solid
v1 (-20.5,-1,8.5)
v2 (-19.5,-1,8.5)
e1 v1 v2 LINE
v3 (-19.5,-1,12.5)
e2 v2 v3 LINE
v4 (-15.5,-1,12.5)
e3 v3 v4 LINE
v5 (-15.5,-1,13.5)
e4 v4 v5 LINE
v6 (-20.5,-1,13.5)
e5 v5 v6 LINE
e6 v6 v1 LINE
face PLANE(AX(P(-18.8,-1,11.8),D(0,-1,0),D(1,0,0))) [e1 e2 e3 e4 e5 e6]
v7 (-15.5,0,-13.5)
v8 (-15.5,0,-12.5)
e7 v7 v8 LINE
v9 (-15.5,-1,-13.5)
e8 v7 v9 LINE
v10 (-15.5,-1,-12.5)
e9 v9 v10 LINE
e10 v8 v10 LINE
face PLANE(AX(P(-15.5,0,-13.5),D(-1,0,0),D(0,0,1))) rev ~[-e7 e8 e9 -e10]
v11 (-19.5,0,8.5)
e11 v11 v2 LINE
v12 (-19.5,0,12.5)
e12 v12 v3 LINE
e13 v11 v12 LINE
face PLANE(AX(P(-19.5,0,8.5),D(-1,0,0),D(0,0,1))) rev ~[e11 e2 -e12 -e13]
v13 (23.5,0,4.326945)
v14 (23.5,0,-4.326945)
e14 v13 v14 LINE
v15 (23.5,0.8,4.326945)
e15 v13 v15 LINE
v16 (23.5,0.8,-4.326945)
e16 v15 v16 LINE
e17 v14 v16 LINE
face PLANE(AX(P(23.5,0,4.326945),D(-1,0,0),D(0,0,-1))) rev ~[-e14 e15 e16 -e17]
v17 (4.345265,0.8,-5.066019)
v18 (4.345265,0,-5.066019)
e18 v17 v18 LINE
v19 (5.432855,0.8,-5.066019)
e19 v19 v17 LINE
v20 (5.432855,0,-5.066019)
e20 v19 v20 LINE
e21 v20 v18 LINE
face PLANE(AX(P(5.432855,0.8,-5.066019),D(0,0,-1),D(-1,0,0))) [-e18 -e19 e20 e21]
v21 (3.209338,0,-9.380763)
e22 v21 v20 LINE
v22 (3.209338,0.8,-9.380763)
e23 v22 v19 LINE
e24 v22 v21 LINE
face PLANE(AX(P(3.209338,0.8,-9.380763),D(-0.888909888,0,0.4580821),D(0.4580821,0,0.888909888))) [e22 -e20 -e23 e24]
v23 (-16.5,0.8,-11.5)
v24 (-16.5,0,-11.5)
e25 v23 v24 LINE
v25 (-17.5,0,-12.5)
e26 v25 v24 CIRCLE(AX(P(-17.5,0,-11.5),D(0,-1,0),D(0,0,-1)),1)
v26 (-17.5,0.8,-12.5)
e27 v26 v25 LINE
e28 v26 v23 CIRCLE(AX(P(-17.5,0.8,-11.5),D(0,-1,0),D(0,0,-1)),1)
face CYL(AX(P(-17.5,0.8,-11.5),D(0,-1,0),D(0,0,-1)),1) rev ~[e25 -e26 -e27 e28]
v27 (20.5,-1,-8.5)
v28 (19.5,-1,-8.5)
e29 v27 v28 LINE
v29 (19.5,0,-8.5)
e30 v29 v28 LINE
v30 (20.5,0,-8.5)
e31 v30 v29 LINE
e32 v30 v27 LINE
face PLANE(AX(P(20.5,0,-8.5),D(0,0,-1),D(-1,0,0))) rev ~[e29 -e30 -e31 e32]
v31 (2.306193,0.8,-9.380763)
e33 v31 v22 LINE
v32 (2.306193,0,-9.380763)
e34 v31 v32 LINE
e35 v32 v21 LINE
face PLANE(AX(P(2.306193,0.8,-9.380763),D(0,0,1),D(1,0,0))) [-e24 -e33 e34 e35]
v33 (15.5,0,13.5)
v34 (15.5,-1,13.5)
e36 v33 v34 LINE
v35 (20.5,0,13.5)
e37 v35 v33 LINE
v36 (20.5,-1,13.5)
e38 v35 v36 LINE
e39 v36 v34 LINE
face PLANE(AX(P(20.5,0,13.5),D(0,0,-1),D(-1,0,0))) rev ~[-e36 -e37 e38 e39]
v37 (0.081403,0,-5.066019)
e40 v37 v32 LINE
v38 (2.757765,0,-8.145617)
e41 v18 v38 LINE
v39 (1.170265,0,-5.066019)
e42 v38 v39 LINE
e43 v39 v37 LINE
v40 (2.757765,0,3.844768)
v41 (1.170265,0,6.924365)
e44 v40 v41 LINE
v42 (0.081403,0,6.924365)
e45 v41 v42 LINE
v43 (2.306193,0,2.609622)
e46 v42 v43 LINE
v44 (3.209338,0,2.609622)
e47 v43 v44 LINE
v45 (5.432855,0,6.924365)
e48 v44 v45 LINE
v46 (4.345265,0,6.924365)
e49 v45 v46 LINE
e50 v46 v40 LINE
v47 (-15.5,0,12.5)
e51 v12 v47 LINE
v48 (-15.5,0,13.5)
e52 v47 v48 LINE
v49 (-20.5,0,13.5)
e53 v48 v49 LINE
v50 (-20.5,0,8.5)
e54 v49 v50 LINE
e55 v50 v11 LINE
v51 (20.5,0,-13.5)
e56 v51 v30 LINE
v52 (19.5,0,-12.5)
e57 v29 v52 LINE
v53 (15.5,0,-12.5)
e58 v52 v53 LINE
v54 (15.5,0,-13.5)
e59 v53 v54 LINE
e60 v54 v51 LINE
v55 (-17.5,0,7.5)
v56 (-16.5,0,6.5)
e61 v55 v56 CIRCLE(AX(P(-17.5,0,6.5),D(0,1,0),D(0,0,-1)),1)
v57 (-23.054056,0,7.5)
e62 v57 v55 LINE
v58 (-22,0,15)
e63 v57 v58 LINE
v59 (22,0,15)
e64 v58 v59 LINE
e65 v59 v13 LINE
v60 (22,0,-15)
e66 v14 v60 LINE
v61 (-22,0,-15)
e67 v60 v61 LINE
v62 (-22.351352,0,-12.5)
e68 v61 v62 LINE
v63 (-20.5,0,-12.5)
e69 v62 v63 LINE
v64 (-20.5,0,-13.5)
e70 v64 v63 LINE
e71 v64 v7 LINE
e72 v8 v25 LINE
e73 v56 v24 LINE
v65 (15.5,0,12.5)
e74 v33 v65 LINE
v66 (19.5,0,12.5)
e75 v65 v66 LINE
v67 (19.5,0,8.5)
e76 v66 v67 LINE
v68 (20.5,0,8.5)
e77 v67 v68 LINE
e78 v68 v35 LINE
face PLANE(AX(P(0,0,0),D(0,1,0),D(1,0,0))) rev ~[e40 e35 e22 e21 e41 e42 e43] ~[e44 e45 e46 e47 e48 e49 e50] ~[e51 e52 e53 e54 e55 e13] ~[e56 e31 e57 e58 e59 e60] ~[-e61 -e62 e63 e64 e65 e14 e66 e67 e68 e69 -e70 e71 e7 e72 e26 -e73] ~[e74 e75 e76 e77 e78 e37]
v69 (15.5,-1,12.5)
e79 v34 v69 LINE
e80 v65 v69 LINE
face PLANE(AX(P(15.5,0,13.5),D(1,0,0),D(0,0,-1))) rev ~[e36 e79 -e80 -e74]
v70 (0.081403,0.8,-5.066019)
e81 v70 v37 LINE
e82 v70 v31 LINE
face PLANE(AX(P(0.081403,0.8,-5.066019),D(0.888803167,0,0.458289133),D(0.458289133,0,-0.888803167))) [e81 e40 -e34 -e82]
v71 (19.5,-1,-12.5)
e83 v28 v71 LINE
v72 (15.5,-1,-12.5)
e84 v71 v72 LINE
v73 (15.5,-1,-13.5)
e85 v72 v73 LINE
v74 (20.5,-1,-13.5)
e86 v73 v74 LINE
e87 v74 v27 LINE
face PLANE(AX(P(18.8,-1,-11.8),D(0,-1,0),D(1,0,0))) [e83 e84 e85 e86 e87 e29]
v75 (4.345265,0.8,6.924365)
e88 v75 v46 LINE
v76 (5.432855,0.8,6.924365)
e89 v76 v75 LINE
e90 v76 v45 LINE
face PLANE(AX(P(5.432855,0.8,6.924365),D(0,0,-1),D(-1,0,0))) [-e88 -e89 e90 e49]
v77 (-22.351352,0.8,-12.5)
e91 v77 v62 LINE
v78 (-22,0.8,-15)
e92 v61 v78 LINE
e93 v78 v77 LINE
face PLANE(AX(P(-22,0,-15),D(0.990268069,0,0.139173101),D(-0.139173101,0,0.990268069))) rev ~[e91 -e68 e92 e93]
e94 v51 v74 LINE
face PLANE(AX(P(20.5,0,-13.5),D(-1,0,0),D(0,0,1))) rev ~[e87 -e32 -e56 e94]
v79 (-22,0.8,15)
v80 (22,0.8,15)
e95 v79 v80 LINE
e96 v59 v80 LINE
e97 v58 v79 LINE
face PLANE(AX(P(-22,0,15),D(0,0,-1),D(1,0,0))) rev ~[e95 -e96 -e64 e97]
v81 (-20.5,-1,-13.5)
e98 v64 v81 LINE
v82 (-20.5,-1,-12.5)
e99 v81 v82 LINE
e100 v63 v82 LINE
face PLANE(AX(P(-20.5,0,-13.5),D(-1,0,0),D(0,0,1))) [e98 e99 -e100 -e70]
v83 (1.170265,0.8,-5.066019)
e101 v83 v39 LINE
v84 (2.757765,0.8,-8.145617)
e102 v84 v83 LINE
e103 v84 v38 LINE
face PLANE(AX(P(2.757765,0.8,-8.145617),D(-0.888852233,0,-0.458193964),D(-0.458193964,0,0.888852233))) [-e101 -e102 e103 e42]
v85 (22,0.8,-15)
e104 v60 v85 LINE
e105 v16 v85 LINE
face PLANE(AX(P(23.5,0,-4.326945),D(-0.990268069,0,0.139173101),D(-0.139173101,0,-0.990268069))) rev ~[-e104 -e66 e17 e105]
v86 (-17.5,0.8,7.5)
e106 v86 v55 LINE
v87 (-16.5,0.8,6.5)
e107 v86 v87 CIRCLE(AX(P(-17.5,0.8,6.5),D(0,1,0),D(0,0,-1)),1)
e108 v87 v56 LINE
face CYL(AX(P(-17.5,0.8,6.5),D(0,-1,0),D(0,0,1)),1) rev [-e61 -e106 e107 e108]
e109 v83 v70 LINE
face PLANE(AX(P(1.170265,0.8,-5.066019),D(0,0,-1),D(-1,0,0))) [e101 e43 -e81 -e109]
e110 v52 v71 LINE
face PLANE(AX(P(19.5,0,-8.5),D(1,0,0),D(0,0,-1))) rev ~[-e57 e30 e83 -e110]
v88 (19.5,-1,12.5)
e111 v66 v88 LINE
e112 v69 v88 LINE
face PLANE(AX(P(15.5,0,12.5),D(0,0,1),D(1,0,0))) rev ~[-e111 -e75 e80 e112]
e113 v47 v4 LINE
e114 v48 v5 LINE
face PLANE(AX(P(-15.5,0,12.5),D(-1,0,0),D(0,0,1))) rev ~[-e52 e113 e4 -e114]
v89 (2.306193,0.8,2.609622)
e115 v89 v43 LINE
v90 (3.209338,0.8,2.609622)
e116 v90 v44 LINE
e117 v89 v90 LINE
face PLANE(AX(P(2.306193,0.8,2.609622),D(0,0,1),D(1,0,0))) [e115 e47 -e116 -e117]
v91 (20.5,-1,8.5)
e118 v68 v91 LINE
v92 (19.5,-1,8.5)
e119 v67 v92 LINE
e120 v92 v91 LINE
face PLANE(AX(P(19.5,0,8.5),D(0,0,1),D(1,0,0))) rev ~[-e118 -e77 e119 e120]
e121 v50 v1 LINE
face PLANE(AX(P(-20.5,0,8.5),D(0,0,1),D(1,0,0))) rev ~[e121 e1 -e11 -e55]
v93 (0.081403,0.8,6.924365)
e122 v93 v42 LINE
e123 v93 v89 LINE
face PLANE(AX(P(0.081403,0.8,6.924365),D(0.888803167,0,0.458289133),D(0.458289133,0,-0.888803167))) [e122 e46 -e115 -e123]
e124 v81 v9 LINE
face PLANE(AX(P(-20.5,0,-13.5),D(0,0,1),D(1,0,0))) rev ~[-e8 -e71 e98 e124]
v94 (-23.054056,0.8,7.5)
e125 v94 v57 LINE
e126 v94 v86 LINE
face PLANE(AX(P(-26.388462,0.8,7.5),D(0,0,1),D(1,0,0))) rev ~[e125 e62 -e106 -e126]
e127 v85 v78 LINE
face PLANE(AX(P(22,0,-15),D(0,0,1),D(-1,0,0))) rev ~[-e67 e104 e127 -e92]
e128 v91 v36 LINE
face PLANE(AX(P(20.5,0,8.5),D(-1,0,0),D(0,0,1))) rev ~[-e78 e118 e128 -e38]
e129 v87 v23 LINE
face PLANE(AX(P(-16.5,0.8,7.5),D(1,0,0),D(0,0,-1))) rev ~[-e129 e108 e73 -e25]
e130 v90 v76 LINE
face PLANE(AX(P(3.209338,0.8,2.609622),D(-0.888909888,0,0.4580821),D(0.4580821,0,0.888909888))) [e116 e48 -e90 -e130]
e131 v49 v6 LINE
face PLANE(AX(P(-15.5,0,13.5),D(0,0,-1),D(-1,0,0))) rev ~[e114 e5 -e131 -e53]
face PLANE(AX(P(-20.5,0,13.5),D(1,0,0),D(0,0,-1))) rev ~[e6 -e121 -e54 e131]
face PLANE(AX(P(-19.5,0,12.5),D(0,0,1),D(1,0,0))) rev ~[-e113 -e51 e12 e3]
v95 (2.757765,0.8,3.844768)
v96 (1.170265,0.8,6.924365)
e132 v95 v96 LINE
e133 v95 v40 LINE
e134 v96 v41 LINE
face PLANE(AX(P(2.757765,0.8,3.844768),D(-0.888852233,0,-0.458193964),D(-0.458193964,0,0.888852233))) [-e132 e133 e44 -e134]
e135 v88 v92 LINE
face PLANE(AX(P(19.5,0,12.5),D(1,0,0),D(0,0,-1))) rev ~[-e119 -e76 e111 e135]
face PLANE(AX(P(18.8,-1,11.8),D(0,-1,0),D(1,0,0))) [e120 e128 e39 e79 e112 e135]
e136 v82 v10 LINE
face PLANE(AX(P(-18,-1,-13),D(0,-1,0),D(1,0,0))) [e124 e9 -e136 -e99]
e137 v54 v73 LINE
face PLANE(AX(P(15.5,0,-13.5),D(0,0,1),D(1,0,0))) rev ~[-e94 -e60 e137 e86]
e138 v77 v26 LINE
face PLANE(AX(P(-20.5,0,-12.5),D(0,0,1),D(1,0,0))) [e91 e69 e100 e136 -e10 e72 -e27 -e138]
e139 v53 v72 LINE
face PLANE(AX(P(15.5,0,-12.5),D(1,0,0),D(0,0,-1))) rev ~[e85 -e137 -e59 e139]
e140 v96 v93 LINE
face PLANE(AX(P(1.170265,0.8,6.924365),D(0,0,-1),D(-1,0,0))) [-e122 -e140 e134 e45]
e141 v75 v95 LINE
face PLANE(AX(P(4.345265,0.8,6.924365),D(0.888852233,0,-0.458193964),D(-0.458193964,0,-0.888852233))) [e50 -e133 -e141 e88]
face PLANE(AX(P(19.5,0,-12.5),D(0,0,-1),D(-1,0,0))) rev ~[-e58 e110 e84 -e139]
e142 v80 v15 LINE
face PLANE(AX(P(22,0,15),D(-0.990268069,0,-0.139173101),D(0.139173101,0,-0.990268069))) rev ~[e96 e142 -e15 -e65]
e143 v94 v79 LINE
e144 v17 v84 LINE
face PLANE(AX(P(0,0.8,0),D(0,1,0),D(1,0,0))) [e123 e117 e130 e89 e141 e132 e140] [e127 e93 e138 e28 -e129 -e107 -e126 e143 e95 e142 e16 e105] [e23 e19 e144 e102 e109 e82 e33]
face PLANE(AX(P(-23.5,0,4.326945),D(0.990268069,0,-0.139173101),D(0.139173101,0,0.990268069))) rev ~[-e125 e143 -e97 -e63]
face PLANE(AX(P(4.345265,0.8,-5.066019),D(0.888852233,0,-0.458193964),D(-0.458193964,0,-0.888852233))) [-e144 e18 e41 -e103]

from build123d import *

# Parameters (mm, degrees)
BOSS_EXTRUDE1_DEPTH = 0.8
SKETCH2_W           = 9.888461937
SKETCH2_H           = 20
CUT_EXTRUDE1_DEPTH  = 0.8
FILLET1_R           = 1
BOSS_EXTRUDE2_DEPTH = 1
SKETCH4_W           = 5
SKETCH4_H           = 1
BOSS_EXTRUDE3_DEPTH = 1
FILLET2_R           = 1
CUT_EXTRUDE2_DEPTH  = 10


with BuildPart() as part:
    # Sketch1 → Boss-Extrude1 (new body)
    with BuildSketch(Plane(origin=(0, 0, 0), x_dir=(1, 0, 0), z_dir=(0, 1, 0))):
        Polygon((-22, 15), (-23.5, 4.326945416), (-23.5, -4.326945416), (-22, -15), (22, -15), (23.5, -4.326945416), (23.5, 4.326945416), (22, 15), align=None)
    extrude(amount=BOSS_EXTRUDE1_DEPTH)

    # Sketch2 → Cut-Extrude1 (cut)
    with BuildSketch(Plane(origin=(0, 0.8, 0), x_dir=(1, 0, 0), z_dir=(0, 1, 0))):
        with Locations((-21.444230969, 2.5)):
            Rectangle(SKETCH2_W, SKETCH2_H)
    extrude(amount=-CUT_EXTRUDE1_DEPTH, mode=Mode.SUBTRACT)

    # Fillet1
    fillet1_edges = [part.edges().sort_by_distance(p)[0] for p in [
        (-16.5, 0.4, 7.5),
    ]]
    fillet(fillet1_edges, radius=FILLET1_R)

    # Sketch3 → Boss-Extrude2 (add)
    with BuildSketch(Plane.XZ):
        Polygon((-19.5, 13.5), (-20.5, 13.5), (-20.5, 12.5), (-20.5, 8.5), (-19.5, 8.5), (-19.5, 12.5), (-15.5, 12.5), (-15.5, 13.5), align=None)
        Polygon((19.5, 13.5), (15.5, 13.5), (15.5, 12.5), (19.5, 12.5), (19.5, 8.5), (20.5, 8.5), (20.5, 12.5), (20.5, 13.5), align=None)
        Polygon((19.5, -13.5), (20.5, -13.5), (20.5, -12.5), (20.5, -8.5), (19.5, -8.5), (19.5, -12.5), (15.5, -12.5), (15.5, -13.5), align=None)
    extrude(amount=BOSS_EXTRUDE2_DEPTH)

    # Sketch4 → Boss-Extrude3 (add)
    with BuildSketch(Plane.XZ):
        with Locations((-18, -13)):
            Rectangle(SKETCH4_W, SKETCH4_H)
    extrude(amount=BOSS_EXTRUDE3_DEPTH)

    # Fillet2
    fillet2_edges = [part.edges().sort_by_distance(p)[0] for p in [
        (-16.5, 0.4, -12.5),
    ]]
    fillet(fillet2_edges, radius=FILLET2_R)

    # Sketch5 → Cut-Extrude2 (cut)
    with BuildSketch(Plane(origin=(0, 0.8, 0), x_dir=(1, 0, 0), z_dir=(0, 1, 0))):
        Polygon((1.1702653, 5.066019343), (0.081403121, 5.066019343), (2.306192784, 9.380762933), (3.209337816, 9.380762933), (5.432855444, 5.066019343), (4.3452653, 5.066019343), (2.7577653, 8.145616699), align=None)
        Polygon((1.1702653, -6.924365272), (0.081403121, -6.924365272), (2.306192784, -2.609621682), (3.209337816, -2.609621682), (5.432855444, -6.924365272), (4.3452653, -6.924365272), (2.7577653, -3.844767916), align=None)
    extrude(amount=-CUT_EXTRUDE2_DEPTH, mode=Mode.SUBTRACT)


solid = part.part
